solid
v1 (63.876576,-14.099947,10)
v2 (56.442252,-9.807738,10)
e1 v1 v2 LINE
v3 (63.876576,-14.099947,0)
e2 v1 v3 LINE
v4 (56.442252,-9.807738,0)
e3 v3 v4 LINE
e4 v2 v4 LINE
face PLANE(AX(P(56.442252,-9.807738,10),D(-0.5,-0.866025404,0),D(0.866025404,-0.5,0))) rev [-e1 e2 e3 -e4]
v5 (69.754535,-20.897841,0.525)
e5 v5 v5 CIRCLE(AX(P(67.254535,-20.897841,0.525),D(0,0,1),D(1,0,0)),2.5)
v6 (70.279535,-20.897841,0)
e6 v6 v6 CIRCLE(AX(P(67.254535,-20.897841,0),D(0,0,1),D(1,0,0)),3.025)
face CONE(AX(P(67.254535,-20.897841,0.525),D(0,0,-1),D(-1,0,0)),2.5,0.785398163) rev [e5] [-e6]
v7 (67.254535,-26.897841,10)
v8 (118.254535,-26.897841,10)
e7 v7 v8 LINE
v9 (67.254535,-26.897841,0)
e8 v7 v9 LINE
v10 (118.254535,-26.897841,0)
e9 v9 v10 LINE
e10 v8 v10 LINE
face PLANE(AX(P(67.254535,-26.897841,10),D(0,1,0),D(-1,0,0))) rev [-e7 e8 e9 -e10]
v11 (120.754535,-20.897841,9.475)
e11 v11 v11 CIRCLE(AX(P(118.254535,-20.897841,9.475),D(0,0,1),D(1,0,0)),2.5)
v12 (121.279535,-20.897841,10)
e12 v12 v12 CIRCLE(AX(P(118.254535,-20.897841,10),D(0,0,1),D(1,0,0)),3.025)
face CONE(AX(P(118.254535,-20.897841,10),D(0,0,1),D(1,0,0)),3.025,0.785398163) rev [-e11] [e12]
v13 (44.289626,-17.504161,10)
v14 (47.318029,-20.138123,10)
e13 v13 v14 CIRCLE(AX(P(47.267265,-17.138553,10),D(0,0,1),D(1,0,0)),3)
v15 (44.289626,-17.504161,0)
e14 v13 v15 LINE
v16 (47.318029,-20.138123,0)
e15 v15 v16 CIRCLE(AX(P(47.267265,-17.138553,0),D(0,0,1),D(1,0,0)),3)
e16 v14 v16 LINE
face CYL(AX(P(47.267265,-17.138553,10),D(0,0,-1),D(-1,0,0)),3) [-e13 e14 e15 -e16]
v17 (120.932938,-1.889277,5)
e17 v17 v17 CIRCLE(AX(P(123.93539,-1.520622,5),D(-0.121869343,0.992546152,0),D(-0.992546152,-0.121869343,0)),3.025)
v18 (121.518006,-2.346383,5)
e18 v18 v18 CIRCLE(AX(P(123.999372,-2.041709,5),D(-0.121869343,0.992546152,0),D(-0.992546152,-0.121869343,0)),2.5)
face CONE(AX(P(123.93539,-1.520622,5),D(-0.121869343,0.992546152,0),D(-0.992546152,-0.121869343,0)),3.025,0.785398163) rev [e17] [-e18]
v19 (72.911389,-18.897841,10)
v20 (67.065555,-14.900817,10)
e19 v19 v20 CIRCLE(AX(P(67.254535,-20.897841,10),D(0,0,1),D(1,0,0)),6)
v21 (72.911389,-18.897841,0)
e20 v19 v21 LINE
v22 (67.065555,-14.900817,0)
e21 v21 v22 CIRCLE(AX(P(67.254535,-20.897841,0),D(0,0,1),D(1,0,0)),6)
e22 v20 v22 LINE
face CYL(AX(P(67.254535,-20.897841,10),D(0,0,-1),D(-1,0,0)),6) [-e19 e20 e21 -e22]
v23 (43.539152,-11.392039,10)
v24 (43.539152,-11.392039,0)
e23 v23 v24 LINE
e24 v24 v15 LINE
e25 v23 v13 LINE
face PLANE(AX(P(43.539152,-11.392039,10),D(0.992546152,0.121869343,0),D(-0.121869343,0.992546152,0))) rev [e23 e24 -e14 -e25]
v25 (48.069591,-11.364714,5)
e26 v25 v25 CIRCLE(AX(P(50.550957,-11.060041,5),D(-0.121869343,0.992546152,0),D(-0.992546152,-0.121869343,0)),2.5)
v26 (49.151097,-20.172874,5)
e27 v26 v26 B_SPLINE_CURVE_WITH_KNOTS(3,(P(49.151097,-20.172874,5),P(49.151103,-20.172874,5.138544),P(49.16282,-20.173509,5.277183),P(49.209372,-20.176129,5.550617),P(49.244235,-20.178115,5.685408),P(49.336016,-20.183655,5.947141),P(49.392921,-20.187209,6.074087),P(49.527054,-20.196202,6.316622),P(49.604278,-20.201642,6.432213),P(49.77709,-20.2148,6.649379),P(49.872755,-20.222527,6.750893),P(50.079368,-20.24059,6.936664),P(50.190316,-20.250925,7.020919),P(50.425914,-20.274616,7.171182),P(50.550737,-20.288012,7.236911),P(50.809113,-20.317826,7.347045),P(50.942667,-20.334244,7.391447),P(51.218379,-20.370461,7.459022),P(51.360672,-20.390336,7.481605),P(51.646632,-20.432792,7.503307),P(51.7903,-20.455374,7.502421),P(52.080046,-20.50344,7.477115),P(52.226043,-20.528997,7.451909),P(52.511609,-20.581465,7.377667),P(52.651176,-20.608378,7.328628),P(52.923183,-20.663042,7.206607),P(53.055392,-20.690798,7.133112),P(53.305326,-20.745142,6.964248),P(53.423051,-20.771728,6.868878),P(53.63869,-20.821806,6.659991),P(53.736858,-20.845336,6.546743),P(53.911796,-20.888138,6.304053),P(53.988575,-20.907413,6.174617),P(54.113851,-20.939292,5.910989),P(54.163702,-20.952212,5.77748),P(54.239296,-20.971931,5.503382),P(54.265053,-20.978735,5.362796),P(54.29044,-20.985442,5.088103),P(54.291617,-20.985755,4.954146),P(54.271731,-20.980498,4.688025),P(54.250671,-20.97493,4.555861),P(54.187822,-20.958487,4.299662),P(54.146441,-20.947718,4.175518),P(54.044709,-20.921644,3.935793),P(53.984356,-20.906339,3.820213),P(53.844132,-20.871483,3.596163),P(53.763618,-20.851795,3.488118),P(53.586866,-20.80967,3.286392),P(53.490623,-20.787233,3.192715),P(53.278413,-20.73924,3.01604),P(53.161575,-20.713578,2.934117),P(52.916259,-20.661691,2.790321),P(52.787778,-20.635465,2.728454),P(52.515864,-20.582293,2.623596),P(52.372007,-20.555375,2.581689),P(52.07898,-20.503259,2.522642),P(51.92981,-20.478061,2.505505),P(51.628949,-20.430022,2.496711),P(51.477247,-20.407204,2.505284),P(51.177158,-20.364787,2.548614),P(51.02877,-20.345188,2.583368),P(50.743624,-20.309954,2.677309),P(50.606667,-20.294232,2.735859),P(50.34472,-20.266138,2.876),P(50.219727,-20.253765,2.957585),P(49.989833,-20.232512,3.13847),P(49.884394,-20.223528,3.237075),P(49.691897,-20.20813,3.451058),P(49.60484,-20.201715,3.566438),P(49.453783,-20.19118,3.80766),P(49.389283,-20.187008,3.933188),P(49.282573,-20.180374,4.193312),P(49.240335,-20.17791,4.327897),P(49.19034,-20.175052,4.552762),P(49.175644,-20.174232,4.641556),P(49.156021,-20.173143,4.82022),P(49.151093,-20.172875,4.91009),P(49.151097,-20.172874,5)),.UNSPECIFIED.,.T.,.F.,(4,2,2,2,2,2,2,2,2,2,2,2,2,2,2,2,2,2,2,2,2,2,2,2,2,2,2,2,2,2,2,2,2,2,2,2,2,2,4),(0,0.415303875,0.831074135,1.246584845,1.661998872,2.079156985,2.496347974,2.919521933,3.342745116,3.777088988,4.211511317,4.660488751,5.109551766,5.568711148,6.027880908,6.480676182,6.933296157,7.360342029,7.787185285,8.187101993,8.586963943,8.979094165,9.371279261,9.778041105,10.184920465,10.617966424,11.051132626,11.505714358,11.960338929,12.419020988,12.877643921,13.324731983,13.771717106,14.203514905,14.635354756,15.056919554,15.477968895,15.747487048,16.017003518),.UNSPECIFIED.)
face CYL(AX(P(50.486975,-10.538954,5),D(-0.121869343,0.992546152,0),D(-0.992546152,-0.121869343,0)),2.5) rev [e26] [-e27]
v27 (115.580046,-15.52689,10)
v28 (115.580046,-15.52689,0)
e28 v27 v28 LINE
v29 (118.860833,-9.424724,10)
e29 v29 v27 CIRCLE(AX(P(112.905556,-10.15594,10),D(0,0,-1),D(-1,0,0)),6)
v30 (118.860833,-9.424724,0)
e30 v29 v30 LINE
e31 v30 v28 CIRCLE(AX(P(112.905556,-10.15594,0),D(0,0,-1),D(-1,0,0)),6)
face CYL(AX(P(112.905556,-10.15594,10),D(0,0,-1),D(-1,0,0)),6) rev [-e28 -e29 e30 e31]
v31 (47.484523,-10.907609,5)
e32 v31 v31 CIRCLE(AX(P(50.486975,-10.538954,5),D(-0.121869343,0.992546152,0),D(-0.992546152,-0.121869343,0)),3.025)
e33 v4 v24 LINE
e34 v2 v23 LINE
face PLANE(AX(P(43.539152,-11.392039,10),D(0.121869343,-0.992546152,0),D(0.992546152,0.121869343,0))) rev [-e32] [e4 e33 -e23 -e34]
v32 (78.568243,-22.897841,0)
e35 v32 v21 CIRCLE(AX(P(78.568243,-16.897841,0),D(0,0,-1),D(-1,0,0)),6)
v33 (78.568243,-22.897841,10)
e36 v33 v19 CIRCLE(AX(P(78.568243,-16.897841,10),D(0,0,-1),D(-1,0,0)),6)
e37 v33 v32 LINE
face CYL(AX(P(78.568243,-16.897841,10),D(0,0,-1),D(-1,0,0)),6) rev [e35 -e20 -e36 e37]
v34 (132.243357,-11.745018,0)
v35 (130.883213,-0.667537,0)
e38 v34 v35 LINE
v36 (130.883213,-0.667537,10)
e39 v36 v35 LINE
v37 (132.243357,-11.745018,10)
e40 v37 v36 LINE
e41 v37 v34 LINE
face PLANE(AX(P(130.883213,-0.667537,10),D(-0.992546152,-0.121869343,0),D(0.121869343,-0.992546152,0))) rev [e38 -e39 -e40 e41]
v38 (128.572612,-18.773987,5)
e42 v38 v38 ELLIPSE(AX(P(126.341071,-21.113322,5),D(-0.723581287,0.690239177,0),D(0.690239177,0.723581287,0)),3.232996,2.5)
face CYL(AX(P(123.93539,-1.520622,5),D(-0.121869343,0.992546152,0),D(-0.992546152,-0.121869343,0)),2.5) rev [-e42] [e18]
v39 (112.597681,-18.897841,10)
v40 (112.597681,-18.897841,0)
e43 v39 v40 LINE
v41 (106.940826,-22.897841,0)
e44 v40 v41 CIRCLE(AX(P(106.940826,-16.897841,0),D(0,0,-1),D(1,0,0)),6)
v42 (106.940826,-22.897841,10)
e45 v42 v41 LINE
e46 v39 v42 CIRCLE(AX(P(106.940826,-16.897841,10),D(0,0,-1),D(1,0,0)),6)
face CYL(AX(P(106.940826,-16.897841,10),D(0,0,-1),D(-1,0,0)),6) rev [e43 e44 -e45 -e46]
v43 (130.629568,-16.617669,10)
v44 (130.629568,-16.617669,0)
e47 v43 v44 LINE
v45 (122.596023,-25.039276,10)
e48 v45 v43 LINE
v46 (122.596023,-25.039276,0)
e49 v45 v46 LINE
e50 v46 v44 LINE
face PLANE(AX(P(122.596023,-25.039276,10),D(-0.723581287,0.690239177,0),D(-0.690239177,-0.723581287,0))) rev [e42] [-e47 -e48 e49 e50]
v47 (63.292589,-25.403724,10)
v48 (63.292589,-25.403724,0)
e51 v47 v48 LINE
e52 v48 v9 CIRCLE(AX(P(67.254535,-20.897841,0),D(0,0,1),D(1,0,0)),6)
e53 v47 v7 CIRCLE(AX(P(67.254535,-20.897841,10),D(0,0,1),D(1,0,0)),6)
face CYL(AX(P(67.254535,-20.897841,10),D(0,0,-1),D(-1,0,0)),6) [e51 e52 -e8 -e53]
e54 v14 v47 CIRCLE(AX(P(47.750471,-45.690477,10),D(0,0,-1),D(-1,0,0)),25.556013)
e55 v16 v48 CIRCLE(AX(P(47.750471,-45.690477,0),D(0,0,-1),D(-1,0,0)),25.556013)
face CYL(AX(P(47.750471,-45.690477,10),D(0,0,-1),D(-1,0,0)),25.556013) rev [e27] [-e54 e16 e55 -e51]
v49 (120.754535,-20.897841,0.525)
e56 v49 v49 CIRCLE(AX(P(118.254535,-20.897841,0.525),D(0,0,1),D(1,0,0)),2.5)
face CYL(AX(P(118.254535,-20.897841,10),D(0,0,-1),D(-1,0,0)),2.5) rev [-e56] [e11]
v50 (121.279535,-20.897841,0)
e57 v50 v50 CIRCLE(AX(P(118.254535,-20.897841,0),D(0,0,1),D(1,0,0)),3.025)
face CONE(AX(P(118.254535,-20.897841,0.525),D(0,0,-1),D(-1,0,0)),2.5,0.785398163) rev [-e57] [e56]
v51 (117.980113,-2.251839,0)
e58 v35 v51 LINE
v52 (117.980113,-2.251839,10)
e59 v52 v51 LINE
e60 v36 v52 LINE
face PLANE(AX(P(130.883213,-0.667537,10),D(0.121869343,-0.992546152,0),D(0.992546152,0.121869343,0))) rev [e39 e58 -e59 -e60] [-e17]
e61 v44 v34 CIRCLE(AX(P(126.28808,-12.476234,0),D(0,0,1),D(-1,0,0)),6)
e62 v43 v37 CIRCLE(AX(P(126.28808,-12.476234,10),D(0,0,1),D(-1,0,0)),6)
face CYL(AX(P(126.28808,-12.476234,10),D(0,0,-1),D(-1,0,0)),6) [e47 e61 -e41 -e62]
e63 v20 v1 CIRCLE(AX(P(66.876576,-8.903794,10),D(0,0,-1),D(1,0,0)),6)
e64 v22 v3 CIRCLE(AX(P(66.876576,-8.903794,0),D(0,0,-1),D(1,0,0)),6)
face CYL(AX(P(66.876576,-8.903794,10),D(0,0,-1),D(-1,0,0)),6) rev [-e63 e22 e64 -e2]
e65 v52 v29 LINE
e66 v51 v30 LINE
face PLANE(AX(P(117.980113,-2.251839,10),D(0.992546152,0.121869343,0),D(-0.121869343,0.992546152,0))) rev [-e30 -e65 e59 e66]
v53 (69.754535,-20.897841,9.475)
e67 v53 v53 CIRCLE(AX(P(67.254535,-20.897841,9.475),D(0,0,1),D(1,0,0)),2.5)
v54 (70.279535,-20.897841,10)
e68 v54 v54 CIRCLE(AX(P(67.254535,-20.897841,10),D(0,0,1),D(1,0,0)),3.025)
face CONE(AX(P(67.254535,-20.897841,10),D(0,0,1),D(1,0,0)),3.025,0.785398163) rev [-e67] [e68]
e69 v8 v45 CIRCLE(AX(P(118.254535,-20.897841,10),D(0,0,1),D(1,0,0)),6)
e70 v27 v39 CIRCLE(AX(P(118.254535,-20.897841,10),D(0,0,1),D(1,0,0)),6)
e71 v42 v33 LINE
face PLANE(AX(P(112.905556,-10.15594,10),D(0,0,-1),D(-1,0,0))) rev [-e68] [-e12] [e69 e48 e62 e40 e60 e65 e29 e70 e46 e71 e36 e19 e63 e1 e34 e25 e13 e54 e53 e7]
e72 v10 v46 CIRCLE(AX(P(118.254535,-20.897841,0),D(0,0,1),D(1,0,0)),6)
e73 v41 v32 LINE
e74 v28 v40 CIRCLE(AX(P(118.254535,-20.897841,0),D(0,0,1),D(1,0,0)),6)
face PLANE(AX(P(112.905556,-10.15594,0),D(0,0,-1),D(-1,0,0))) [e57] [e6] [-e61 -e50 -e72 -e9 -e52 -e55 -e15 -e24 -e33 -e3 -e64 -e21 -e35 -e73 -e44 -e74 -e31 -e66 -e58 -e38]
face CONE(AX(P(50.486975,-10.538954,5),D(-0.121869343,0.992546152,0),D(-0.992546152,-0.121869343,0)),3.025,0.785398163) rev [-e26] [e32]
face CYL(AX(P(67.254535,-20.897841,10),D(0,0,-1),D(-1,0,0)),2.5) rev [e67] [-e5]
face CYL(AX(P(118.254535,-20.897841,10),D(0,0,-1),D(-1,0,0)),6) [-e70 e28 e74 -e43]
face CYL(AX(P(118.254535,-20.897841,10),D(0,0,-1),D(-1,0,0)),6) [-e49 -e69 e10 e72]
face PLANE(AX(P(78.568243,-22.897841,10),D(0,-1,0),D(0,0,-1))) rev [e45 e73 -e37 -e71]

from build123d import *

# Parameters (mm, degrees)
SKETCH_1_R                  = 2.5
EXTRUDE_1_DEPTH             = 10
HOLE_WIZARD_M61_AT_2_COUNT  = 2
HOLE_WIZARD_M61_AT_2_PITCH  = 51
HOLE_WIZARD_M62_D           = 5
HOLE_WIZARD_M62_CSINK_D     = 6.05
HOLE_WIZARD_M62_CSINK_ANGLE = 90


with BuildPart() as part:
    # Эскиз1 → Бобышка-Вытянуть1 (new body)
    with BuildSketch(Plane.XY):
        with BuildLine():
            Line((130.883213409, -0.667537052), (132.243357005, -11.745017689))
            ThreePointArc((132.243357005, -11.745017689), (131.983826113, -14.362626415), (130.629567818, -16.617668809))
            Line((130.629567818, -16.617668809), (122.596022679, -25.039275591))
            ThreePointArc((122.596022679, -25.039275591), (120.615825879, -26.413663696), (118.254534957, -26.897840532))
            Line((118.254534957, -26.897840532), (67.254534957, -26.897840532))
            ThreePointArc((67.254534957, -26.897840532), (65.137379079, -26.511898867), (63.292589424, -25.403724196))
            ThreePointArc((63.292589424, -25.403724196), (55.75092202, -21.419041585), (47.318028666, -20.138123004))
            ThreePointArc((47.318028666, -20.138123004), (45.29848634, -19.402158499), (44.289626193, -17.504160563))
            Line((44.289626193, -17.504160563), (43.539152064, -11.392039271))
            Line((43.539152064, -11.392039271), (56.442252036, -9.807737807))
            Line((56.442252036, -9.807737807), (63.876575818, -14.099946644))
            ThreePointArc((63.876575818, -14.099946644), (65.415135622, -14.723089071), (67.065555387, -14.900817376))
            ThreePointArc((67.065555387, -14.900817376), (70.641046717, -15.944908259), (72.911389206, -18.897840532))
            ThreePointArc((72.911389206, -18.897840532), (75.10414184, -21.796820017), (78.568243456, -22.897840532))
            Line((78.568243456, -22.897840532), (106.940826458, -22.897840532))
            ThreePointArc((106.940826458, -22.897840532), (110.404928073, -21.796820017), (112.597680707, -18.897840532))
            ThreePointArc((112.597680707, -18.897840532), (113.760800632, -16.922120242), (115.58004554, -15.526890303))
            ThreePointArc((115.58004554, -15.526890303), (118.190187148, -12.997185387), (118.860833034, -9.424724013))
            Line((118.860833034, -9.424724013), (117.980113437, -2.251838516))
            Line((117.980113437, -2.251838516), (130.883213409, -0.667537052))
        make_face()
        with Locations((67.254534957, -20.897840532)):
            Circle(SKETCH_1_R, mode=Mode.SUBTRACT)
        with Locations((118.254534957, -20.897840532)):
            Circle(SKETCH_1_R, mode=Mode.SUBTRACT)
    extrude(amount=EXTRUDE_1_DEPTH)

    # Эскиз2 → Отверстие обработанное метчиком M61 (revolve, cut)
    with BuildSketch(Plane(origin=(67.254534957, -20.897840532, 10), x_dir=(0, -1, 0), z_dir=(1, 0, 0))):
        Polygon((0, 0), (0, 10), (3.025, 10), (2.5, 9.475), (2.5, 0.525), (3.025, 0), align=None)
    hole_wizard_m61 = revolve(axis=Axis((67.254534957, -20.897840532, 16.35), (0, 0, -1)), mode=Mode.SUBTRACT)

    # Отверстие обработанное метчиком M61 at 2: Отверстие обработанное метчиком M61 ×2
    with Locations(*[(i * HOLE_WIZARD_M61_AT_2_PITCH, 0, 0) for i in range(1, HOLE_WIZARD_M61_AT_2_COUNT)]):
        add(hole_wizard_m61, mode=Mode.SUBTRACT)

    # Отверстие обработанное метчиком M62 (through all)
    with Locations(Plane(origin=(2.024641313, -16.489380245, 0), x_dir=(-0.992546151641322, -0.12186934340514836, 0), z_dir=(-0.12186934340514835, 0.9925461516413219, 0))):
        with Locations((-48.826277481, 5), (-122.826277481, 5)):
            CounterSinkHole(HOLE_WIZARD_M62_D / 2, HOLE_WIZARD_M62_CSINK_D / 2, counter_sink_angle=HOLE_WIZARD_M62_CSINK_ANGLE)


solid = part.part
